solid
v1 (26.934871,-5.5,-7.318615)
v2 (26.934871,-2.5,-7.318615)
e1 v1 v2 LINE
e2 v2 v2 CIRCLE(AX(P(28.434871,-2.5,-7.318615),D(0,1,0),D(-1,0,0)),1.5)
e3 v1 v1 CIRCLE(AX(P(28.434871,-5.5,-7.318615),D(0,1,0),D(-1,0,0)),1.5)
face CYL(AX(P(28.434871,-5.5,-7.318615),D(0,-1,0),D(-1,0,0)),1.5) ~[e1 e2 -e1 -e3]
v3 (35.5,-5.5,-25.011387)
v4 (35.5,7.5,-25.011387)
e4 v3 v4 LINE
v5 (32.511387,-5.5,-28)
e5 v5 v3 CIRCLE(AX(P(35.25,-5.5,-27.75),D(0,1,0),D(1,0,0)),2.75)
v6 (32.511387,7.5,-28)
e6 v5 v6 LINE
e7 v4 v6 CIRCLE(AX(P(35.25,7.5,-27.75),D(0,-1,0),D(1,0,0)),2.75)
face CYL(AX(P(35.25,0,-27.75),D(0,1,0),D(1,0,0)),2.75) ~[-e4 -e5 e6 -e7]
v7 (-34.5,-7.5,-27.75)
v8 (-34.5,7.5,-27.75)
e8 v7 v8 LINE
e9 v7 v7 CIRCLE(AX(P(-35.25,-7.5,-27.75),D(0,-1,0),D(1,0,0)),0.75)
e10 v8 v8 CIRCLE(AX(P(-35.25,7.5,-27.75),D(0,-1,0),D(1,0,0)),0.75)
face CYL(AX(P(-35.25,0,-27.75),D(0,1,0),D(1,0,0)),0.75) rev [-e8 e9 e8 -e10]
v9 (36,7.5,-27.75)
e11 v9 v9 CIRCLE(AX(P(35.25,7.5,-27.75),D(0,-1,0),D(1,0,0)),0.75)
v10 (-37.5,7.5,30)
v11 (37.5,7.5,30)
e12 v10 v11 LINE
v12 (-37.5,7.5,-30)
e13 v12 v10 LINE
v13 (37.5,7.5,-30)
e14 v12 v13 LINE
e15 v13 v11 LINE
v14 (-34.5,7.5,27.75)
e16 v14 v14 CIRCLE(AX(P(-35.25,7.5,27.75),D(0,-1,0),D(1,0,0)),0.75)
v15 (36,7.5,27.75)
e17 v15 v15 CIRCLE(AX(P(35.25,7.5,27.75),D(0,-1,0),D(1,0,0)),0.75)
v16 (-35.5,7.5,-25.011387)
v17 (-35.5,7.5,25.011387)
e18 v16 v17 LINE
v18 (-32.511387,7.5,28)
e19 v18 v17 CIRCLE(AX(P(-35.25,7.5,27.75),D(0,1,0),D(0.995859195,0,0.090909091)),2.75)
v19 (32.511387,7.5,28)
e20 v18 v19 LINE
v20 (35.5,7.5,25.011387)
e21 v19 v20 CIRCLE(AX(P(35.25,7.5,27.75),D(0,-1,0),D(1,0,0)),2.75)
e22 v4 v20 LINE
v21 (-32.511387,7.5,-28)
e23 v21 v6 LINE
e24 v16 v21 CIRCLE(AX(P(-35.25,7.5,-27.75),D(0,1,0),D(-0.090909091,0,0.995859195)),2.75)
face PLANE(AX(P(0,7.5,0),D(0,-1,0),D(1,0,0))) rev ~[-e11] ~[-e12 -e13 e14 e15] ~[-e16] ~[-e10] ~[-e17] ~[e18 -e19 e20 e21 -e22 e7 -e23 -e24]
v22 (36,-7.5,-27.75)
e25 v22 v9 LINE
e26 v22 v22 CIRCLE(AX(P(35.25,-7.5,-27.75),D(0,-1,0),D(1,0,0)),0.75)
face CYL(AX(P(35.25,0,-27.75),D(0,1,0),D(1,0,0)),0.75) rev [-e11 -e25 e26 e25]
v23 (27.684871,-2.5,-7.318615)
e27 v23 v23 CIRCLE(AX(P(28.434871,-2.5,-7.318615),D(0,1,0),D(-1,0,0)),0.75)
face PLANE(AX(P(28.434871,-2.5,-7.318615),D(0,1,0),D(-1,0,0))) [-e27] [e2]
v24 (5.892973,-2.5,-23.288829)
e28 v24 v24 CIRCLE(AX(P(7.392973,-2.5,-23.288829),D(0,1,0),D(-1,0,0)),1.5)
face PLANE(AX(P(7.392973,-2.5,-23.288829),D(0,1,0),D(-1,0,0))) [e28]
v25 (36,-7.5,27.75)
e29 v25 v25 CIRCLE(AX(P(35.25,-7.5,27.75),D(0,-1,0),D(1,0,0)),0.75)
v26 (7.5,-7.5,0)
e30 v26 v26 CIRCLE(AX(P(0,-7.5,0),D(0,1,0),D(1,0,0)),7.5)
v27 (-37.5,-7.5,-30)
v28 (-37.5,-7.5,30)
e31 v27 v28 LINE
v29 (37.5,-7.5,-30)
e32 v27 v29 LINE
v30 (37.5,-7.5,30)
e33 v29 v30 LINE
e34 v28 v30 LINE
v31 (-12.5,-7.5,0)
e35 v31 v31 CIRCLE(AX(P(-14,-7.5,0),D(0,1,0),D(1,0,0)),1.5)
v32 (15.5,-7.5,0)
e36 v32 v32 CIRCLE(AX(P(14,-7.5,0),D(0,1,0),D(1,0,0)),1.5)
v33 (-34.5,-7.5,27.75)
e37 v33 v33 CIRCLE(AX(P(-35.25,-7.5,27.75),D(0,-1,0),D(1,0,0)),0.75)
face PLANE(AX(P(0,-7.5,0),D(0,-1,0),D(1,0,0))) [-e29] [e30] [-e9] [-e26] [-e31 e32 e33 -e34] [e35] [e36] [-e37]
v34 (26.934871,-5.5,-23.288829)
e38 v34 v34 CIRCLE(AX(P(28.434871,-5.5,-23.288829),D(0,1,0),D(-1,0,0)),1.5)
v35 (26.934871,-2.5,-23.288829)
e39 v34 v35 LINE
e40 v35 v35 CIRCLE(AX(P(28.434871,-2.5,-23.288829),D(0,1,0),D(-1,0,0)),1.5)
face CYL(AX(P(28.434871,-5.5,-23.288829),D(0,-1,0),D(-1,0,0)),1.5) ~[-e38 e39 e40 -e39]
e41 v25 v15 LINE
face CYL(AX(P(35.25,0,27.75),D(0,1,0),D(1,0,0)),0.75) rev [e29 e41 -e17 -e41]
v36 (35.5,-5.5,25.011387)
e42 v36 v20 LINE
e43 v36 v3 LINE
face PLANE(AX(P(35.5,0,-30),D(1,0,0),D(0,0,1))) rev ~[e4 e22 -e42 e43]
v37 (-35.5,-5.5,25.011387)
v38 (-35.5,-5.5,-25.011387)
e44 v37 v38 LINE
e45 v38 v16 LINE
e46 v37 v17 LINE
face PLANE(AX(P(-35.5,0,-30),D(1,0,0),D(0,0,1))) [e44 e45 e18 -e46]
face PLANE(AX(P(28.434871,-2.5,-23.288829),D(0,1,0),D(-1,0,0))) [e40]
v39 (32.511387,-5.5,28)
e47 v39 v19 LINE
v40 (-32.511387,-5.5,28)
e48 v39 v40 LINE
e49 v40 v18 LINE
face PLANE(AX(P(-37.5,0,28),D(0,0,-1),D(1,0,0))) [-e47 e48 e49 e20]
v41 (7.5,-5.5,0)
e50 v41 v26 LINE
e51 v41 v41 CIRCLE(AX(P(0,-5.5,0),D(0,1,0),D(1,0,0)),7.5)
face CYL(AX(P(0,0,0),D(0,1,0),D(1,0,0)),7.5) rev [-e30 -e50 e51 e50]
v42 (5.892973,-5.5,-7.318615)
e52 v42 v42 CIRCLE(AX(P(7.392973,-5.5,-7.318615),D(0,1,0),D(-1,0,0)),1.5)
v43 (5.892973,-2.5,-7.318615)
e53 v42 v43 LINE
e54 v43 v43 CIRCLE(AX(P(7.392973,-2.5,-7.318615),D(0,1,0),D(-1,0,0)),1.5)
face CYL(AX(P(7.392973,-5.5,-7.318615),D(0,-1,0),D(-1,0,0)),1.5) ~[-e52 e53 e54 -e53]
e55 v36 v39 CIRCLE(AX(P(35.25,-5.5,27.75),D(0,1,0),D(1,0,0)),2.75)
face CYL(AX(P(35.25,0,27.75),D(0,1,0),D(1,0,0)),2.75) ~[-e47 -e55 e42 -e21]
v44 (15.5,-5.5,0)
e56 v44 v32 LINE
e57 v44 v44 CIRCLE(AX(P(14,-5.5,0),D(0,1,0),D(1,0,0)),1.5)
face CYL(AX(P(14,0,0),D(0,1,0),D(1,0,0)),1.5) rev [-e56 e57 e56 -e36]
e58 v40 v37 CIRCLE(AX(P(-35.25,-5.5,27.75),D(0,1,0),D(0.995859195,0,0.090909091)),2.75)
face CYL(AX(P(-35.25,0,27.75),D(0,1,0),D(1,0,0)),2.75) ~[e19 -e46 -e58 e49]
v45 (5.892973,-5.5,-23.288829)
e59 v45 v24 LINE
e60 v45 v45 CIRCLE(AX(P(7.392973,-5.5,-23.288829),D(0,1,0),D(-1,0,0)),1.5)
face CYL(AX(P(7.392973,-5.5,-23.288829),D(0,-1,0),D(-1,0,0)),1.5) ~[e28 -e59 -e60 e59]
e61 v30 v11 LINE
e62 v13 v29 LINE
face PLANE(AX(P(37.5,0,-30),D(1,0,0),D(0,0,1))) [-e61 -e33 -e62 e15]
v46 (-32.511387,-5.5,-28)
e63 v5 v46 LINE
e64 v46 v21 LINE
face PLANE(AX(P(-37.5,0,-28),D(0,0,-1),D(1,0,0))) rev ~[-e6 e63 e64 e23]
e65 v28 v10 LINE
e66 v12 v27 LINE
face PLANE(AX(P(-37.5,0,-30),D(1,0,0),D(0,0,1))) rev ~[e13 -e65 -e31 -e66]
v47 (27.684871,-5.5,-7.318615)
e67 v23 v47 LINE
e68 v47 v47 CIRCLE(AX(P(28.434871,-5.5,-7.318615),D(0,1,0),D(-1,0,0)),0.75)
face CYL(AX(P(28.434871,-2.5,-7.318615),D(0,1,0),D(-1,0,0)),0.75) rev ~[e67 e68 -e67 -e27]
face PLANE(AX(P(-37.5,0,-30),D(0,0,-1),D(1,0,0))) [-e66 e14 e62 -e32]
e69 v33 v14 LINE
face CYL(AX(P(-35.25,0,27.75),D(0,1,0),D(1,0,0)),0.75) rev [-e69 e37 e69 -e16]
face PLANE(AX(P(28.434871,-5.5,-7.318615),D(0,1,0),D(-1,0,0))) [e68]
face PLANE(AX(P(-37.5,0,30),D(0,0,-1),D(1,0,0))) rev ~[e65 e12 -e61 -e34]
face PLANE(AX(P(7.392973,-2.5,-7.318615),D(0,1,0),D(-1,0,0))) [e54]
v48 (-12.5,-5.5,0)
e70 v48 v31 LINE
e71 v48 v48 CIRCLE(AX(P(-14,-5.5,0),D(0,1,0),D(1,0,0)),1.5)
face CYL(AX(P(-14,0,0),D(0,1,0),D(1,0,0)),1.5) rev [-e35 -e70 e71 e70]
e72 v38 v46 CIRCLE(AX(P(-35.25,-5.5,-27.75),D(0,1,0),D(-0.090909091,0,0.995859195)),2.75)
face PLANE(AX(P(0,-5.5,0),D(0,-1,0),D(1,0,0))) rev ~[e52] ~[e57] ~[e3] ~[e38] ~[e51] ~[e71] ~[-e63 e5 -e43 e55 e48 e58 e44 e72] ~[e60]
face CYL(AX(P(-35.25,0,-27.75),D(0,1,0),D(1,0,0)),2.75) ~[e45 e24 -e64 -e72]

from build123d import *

# Parameters (mm, degrees)
F0_W     = 75
F0_H     = 60
F0_R     = 0.75
F0_R_2   = 1.5
F0_R_3   = 7.5
F1_DEPTH = 7.5
F2_T     = -2
F3_DEPTH = 7.501
F4_R     = 1.5
F5_DEPTH = 3
F6_R     = 0.75
F7_DEPTH = 3


with BuildPart() as f1:
    # F0 (on Front) → F1 (new body, symmetric)
    with BuildSketch(Plane.XZ):
        Rectangle(F0_W, F0_H)
        with Locations((-35.25, -27.75)):
            Circle(F0_R, mode=Mode.SUBTRACT)
        with Locations((35.25, -27.75)):
            Circle(F0_R, mode=Mode.SUBTRACT)
        with Locations((-14, 0)):
            Circle(F0_R_2, mode=Mode.SUBTRACT)
        with Locations((-35.25, 27.75)):
            Circle(F0_R, mode=Mode.SUBTRACT)
        Circle(F0_R_3, mode=Mode.SUBTRACT)
        with Locations((14, 0)):
            Circle(F0_R_2, mode=Mode.SUBTRACT)
        with Locations((35.25, 27.75)):
            Circle(F0_R, mode=Mode.SUBTRACT)
        with Locations((-14, 0)):
            Circle(F0_R_2)
        Circle(F0_R_3)
        with Locations((14, 0)):
            Circle(F0_R_2)
    extrude(amount=F1_DEPTH, both=True)

    # F2
    f2_openings = [f1.faces().sort_by_distance(p)[0] for p in [
        (0, 7.5, 0),
    ]]
    offset(amount=F2_T, openings=f2_openings)

    # F0 (on Front) → F3 (cut, through all)
    with BuildSketch(Plane.XZ):
        with Locations((-14, 0)):
            Circle(F0_R_2)
        Circle(F0_R_3)
        with Locations((14, 0)):
            Circle(F0_R_2)
    extrude(amount=F3_DEPTH, mode=Mode.SUBTRACT)

    # F4 (on face) → F5 (join)
    with BuildSketch(Plane(origin=(0, -5.5, 0), x_dir=(-1, 0, 0), z_dir=(0, 1, 0))):
        with Locations((-28.4348707646, -7.3186149821)):
            Circle(F4_R)
        with Locations((-7.3929731734, -7.3186149821)):
            Circle(F4_R)
        with Locations((-28.4348707646, -23.2888292521)):
            Circle(F4_R)
        with Locations((-7.3929731734, -23.2888292521)):
            Circle(F4_R)
    extrude(amount=F5_DEPTH)

    # F6 (on face) → F7 (cut)
    with BuildSketch(Plane(origin=(0, -2.5, 0), x_dir=(-1, 0, 0), z_dir=(0, 1, 0))):
        with Locations((-28.4348707646, -7.3186149821)):
            Circle(F6_R)
    extrude(amount=-F7_DEPTH, mode=Mode.SUBTRACT)


solid = f1.part
